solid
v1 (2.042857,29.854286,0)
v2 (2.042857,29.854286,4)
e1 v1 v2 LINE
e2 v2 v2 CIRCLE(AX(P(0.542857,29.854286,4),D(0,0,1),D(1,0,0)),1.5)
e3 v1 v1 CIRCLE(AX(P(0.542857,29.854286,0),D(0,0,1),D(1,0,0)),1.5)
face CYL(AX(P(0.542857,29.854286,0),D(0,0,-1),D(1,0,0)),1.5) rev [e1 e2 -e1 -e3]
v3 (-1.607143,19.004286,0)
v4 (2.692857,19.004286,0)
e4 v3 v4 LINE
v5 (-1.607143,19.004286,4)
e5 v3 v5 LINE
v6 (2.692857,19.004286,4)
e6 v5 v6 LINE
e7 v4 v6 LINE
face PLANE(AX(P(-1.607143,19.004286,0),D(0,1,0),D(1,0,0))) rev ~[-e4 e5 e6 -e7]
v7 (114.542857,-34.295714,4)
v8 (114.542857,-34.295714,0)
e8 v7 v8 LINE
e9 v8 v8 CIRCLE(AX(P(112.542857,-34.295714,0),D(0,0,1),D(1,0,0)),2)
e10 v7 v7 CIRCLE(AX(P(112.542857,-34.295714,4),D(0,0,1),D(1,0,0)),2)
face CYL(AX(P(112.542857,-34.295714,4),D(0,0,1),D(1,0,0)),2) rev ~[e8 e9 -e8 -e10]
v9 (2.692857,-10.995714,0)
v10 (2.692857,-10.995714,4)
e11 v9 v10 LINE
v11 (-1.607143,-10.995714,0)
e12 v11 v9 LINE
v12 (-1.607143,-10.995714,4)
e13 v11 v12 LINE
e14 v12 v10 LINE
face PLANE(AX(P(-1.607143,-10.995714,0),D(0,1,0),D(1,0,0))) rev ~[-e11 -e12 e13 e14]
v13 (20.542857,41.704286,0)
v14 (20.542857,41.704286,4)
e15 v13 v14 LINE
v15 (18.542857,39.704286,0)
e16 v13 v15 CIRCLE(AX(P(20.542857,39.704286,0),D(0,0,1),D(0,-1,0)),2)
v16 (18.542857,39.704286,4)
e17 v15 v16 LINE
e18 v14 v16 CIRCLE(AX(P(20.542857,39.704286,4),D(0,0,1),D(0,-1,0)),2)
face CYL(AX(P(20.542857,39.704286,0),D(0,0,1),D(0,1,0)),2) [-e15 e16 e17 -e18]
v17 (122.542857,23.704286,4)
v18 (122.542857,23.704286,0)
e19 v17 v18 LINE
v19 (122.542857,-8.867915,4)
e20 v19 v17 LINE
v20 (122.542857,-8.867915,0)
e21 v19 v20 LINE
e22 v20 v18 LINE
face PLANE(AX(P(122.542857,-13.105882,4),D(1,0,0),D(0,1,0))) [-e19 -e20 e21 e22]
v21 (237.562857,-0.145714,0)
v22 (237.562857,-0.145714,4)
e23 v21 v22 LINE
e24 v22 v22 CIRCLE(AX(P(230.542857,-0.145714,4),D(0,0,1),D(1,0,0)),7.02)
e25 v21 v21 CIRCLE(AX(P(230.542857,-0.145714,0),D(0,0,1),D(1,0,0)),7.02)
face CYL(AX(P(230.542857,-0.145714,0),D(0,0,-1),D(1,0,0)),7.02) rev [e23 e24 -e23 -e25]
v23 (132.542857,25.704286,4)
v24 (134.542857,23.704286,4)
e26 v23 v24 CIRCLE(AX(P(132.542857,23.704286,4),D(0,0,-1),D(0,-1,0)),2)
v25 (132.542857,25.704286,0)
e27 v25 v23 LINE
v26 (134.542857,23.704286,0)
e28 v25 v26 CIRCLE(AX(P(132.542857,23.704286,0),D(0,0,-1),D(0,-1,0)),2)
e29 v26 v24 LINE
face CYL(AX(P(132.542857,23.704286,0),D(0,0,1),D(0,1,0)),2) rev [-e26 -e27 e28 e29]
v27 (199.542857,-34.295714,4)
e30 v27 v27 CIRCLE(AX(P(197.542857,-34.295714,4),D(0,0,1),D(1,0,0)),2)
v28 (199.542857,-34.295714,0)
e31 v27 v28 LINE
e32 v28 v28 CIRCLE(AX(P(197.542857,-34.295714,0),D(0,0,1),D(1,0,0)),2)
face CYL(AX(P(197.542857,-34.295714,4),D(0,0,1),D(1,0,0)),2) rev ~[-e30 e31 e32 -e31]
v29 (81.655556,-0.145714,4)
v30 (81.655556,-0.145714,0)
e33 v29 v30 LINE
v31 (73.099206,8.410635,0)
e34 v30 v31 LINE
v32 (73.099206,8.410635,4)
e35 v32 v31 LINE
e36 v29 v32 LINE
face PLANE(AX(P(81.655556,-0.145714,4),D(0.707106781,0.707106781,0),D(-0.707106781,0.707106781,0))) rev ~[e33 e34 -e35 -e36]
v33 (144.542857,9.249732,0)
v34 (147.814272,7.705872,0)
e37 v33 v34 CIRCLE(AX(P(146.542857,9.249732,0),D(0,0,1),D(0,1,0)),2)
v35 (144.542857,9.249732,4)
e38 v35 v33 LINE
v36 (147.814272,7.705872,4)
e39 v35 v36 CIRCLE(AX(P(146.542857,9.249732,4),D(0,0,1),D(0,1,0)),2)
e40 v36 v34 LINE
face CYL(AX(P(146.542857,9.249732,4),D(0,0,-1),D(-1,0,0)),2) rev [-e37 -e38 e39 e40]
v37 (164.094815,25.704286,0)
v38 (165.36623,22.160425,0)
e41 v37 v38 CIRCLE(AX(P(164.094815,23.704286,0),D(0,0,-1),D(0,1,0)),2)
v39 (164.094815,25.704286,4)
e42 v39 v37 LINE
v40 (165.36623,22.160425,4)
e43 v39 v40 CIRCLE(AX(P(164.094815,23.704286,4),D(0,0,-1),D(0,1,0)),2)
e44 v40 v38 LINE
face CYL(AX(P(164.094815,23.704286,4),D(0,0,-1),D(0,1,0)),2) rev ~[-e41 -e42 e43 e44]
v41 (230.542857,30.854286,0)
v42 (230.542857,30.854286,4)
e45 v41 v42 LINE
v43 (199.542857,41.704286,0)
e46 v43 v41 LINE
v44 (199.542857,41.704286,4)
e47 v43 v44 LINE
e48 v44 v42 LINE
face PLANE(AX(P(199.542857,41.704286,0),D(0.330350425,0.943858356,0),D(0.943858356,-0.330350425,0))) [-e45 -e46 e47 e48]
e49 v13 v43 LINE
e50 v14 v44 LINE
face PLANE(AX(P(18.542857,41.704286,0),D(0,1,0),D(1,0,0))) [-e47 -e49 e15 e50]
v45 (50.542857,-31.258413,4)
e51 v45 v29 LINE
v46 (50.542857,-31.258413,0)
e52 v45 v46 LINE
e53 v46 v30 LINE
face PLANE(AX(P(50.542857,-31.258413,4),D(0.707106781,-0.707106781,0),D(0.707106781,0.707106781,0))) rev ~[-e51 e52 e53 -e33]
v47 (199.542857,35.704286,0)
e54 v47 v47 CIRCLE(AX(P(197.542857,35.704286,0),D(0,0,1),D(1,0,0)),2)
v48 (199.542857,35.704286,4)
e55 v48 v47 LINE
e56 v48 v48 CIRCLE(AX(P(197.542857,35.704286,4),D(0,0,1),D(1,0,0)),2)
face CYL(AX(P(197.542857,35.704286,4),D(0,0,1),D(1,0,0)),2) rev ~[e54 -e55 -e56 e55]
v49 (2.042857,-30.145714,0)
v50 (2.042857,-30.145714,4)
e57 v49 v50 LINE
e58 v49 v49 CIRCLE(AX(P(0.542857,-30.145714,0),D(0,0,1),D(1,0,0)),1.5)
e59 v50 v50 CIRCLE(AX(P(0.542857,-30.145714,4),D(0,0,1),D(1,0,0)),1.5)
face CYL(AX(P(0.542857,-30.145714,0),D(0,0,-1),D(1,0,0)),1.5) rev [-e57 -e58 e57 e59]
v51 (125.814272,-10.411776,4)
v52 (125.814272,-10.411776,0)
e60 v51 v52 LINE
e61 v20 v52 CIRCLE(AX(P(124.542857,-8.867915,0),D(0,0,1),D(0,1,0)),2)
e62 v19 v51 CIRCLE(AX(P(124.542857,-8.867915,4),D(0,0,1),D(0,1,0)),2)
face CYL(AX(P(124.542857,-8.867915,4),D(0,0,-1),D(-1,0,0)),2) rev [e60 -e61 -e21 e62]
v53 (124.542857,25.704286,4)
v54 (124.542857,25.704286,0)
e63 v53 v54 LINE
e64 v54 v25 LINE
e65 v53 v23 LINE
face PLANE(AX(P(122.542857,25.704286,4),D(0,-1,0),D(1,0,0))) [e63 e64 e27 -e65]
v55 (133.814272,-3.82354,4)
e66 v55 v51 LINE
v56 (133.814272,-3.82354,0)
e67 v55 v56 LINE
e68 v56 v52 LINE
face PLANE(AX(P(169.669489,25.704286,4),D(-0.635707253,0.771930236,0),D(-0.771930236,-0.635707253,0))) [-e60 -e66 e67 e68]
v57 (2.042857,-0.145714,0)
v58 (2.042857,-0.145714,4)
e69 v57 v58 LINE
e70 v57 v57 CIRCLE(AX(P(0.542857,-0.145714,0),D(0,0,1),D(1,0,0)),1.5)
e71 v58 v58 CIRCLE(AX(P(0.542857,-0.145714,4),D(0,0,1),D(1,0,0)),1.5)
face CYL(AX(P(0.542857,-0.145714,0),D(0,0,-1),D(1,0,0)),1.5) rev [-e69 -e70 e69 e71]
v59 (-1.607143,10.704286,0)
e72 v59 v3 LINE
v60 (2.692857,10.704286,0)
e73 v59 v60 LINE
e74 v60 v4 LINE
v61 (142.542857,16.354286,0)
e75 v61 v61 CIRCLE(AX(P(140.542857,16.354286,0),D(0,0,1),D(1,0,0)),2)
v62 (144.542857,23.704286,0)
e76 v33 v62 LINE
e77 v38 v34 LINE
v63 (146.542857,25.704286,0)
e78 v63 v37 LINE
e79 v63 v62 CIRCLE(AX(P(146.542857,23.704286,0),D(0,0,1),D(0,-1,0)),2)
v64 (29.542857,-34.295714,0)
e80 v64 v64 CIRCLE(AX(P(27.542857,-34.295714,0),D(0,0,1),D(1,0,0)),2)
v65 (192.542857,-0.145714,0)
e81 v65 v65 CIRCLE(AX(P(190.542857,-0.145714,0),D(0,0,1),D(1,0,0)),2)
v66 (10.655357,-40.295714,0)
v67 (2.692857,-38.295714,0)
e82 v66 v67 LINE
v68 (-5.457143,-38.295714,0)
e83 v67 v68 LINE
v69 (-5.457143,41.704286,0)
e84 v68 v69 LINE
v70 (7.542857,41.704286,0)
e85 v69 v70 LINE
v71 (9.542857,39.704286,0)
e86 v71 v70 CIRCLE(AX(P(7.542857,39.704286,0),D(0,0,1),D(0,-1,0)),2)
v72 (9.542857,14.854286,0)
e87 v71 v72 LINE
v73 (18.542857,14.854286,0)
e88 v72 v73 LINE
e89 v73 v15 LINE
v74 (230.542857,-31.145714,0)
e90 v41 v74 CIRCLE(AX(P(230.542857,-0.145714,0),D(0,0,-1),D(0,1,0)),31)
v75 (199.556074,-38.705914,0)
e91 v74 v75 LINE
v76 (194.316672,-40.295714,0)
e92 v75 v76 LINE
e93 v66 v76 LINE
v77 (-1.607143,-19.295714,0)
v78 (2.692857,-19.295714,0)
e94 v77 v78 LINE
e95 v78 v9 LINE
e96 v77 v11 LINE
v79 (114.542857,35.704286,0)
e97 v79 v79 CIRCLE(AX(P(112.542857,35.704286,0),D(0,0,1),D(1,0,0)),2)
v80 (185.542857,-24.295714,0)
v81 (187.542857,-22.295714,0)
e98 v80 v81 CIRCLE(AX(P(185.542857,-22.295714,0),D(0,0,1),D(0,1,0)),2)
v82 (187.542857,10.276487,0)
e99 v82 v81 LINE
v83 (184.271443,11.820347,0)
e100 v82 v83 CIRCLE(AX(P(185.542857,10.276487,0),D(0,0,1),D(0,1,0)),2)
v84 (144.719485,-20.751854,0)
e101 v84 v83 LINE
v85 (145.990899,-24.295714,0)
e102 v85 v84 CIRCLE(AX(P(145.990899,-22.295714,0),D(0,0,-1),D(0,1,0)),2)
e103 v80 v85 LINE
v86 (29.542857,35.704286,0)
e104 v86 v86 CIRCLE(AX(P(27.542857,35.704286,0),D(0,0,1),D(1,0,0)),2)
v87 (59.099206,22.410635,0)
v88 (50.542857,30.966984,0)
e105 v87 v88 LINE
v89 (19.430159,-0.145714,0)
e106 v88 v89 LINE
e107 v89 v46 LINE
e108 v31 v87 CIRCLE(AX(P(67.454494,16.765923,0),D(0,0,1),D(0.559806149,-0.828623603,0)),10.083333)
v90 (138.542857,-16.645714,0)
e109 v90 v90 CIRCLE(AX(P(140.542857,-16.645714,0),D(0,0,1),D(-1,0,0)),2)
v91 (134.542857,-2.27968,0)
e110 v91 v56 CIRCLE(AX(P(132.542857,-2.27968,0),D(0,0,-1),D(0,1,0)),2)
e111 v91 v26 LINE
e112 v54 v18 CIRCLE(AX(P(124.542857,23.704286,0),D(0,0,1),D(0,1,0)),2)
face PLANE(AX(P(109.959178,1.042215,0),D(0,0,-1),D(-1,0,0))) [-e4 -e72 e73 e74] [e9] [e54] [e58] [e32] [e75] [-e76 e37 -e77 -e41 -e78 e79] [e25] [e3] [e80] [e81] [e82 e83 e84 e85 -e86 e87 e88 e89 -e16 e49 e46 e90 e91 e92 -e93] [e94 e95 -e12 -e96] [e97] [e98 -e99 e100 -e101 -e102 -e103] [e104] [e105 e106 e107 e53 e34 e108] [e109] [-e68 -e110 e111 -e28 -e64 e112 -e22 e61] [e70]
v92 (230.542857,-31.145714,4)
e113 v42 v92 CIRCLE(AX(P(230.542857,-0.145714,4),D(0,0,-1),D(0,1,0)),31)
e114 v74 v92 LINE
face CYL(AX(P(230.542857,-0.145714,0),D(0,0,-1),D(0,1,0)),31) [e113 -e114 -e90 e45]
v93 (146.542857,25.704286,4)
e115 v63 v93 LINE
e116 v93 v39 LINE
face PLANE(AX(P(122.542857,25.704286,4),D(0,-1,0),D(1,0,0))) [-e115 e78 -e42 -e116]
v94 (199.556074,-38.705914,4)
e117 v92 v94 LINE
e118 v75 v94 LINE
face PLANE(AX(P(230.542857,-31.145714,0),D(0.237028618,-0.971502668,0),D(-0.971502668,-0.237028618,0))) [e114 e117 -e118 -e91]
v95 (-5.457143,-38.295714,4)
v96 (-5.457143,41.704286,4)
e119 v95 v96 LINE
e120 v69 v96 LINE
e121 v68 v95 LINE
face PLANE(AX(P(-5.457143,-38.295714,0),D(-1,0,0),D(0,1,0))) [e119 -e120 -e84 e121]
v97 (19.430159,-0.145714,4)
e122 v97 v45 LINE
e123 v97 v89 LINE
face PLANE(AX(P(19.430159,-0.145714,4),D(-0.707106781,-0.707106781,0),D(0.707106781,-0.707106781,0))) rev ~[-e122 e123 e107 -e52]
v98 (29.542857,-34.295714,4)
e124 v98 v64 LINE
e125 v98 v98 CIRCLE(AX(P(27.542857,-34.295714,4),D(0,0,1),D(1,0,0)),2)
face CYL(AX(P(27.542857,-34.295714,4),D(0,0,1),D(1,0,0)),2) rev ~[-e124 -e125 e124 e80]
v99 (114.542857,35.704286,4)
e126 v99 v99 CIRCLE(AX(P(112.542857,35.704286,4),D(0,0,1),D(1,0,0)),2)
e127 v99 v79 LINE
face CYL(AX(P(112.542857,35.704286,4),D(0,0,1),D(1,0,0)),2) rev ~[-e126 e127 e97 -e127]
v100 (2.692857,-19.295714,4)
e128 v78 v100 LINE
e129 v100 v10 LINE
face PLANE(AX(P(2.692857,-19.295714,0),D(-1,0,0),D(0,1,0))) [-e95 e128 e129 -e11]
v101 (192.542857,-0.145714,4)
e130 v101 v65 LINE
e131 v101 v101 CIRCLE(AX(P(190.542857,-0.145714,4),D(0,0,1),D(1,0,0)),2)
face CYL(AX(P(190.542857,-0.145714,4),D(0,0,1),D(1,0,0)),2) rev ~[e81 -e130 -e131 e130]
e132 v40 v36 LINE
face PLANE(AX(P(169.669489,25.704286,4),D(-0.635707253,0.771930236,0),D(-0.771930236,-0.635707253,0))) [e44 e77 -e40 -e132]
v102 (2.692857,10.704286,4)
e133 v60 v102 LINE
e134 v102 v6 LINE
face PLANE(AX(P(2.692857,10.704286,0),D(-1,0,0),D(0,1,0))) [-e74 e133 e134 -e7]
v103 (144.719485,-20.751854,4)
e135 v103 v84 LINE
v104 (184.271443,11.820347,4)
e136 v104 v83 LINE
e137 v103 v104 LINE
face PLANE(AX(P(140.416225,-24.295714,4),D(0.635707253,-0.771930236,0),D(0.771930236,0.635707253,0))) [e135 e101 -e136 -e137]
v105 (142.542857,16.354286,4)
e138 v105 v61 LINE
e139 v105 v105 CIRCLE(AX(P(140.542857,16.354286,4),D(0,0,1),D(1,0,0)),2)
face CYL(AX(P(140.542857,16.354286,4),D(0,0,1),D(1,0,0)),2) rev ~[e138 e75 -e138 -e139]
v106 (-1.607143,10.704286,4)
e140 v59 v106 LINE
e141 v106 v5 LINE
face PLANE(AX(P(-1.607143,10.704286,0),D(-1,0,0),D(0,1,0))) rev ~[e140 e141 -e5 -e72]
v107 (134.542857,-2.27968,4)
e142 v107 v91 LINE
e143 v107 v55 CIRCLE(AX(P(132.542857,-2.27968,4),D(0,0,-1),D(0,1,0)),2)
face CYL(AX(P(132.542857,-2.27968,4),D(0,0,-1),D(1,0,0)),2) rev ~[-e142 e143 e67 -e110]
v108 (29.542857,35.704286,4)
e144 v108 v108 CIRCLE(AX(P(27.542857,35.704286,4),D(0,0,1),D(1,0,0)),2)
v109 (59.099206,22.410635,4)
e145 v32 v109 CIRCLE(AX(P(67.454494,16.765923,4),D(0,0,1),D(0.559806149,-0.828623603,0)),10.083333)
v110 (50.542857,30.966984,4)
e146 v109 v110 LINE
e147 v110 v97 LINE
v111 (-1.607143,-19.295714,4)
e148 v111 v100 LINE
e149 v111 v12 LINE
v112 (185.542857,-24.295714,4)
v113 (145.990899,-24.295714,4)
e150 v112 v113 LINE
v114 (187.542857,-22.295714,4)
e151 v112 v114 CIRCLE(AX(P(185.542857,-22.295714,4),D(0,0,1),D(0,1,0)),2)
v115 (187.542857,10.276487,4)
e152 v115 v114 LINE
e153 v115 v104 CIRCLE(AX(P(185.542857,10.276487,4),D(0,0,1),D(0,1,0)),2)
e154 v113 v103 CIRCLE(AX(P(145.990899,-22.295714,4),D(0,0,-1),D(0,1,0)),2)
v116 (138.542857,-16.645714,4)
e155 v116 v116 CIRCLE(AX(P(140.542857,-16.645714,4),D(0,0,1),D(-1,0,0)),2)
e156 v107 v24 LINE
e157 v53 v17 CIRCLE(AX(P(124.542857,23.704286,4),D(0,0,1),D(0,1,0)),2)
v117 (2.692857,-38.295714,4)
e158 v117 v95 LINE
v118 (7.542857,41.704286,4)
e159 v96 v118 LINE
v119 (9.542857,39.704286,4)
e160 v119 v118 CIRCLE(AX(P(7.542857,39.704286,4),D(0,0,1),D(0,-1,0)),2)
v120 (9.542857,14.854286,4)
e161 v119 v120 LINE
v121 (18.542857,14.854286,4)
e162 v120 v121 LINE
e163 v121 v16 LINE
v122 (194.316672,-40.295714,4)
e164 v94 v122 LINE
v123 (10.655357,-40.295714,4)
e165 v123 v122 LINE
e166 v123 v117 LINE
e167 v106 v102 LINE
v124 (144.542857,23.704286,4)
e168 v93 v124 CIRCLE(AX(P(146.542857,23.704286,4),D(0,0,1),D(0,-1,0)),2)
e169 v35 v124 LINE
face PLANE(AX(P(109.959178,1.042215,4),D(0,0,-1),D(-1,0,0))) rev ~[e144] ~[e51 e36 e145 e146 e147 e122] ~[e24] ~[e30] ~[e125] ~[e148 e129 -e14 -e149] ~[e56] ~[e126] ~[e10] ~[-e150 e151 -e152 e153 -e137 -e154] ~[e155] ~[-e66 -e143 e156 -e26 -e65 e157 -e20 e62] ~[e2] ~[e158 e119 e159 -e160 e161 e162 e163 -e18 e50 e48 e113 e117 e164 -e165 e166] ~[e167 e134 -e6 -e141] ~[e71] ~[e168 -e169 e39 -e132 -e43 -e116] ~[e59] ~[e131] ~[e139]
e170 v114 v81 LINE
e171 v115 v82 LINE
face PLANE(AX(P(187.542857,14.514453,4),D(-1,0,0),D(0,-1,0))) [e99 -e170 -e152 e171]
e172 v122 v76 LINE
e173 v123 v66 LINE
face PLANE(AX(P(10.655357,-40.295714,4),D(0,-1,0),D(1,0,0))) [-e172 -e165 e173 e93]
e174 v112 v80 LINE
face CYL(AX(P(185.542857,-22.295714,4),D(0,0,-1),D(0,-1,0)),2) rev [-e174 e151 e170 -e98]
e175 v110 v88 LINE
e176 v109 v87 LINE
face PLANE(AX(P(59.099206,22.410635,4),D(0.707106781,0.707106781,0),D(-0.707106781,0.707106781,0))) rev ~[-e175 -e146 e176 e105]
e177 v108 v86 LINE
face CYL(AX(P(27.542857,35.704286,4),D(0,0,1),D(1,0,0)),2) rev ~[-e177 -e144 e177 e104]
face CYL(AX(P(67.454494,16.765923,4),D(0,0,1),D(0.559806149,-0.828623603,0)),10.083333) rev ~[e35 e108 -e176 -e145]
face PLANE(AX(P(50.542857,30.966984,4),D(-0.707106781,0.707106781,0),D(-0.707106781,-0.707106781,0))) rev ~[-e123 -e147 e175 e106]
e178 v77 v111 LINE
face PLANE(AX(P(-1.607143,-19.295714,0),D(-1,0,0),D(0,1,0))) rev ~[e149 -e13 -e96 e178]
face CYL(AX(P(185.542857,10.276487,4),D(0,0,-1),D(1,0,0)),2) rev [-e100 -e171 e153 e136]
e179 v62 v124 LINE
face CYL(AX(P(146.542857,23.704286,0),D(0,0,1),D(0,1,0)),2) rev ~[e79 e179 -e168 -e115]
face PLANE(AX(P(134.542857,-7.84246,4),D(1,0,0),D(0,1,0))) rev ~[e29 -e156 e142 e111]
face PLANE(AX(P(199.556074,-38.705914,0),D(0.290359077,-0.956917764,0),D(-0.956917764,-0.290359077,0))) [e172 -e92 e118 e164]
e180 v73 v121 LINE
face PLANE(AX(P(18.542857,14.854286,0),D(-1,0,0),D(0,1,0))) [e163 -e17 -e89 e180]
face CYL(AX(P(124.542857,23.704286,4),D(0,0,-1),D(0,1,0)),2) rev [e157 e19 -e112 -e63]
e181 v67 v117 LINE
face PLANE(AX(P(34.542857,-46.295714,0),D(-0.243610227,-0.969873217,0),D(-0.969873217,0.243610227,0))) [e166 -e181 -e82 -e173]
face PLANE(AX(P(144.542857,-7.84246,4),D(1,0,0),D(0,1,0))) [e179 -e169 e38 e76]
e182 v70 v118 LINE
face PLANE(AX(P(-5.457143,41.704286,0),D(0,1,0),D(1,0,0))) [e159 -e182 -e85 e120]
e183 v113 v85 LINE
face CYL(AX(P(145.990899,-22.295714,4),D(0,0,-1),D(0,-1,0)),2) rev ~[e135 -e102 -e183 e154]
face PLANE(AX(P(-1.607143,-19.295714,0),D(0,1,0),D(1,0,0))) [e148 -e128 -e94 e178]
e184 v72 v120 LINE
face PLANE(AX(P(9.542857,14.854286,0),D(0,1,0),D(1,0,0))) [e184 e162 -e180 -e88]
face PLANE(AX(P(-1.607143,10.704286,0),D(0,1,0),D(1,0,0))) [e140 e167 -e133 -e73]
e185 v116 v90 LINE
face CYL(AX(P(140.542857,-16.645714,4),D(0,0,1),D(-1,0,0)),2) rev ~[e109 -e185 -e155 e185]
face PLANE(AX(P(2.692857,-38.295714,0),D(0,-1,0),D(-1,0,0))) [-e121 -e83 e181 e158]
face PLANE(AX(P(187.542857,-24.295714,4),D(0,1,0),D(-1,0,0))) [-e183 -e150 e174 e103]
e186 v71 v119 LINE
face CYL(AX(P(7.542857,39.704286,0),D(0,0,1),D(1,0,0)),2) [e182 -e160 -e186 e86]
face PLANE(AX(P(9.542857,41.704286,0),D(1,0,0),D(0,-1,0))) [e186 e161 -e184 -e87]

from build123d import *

# Parameters (mm, degrees)
SKETCH_1_R          = 1.5
SKETCH_1_R_2        = 7.02
SKETCH_1_W          = 4.3
SKETCH_1_H          = 8.3
EXTRUDE_1_DEPTH     = 4
CUT_EXTRUDE_1_DEPTH = 4
SKETCH_3_R          = 2
CUT_EXTRUDE_2_DEPTH = 4
SKETCH_4_W          = 10
SKETCH_4_H          = 47.093490756
EXTRUDE_2_DEPTH     = 4
SKETCH_7_R          = 2
CUT_EXTRUDE_3_DEPTH = 4
FILLET_1_R          = 2


with BuildPart() as part:
    # 草图1 → 凸台-拉伸1 (new body)
    with BuildSketch(Plane.XY):
        with BuildLine():
            Line((230.542857143, -31.145714286), (199.556073527, -38.70591431))
            Line((199.556073527, -38.70591431), (174.542857143, -46.295714286))
            Line((174.542857143, -46.295714286), (34.542857143, -46.295714286))
            Line((34.542857143, -46.295714286), (2.692857143, -38.295714286))
            Line((2.692857143, -38.295714286), (-5.457142857, -38.295714286))
            Line((-5.457142857, -38.295714286), (-5.457142857, 41.704285714))
            Line((-5.457142857, 41.704285714), (9.542857143, 41.704285714))
            Line((9.542857143, 41.704285714), (9.542857143, 14.854285714))
            Line((9.542857143, 14.854285714), (18.542857143, 14.854285714))
            Line((18.542857143, 14.854285714), (18.542857143, 41.704285714))
            Line((18.542857143, 41.704285714), (199.542857143, 41.704285714))
            Line((199.542857143, 41.704285714), (230.542857143, 30.854285714))
            ThreePointArc((230.542857143, 30.854285714), (261.542857143, -0.145714286), (230.542857143, -31.145714286))
        make_face()
        with Locations((0.542857143, 29.854285714)):
            Circle(SKETCH_1_R, mode=Mode.SUBTRACT)
        with Locations((0.542857143, -0.145714286)):
            Circle(SKETCH_1_R, mode=Mode.SUBTRACT)
        with Locations((0.542857143, -30.145714286)):
            Circle(SKETCH_1_R, mode=Mode.SUBTRACT)
        with Locations((230.542857143, -0.145714286)):
            Circle(SKETCH_1_R_2, mode=Mode.SUBTRACT)
        with Locations((0.542857143, 14.854285714)):
            Rectangle(SKETCH_1_W, SKETCH_1_H, mode=Mode.SUBTRACT)
        with Locations((0.542857143, -15.145714286)):
            Rectangle(SKETCH_1_W, SKETCH_1_H, mode=Mode.SUBTRACT)
    extrude(amount=EXTRUDE_1_DEPTH)

    # 草图2 → 切除-拉伸1 (cut)
    with BuildSketch(Plane.XY.offset(4)):
        with BuildLine():
            Line((59.099206329, 22.4106349), (50.542857143, 30.966984086))
            Line((50.542857143, 30.966984086), (19.430158771, -0.145714286))
            Line((19.430158771, -0.145714286), (50.542857143, -31.258412658))
            Line((50.542857143, -31.258412658), (81.655555515, -0.145714286))
            Line((81.655555515, -0.145714286), (73.099206329, 8.4106349))
            ThreePointArc((73.099206329, 8.4106349), (74.584487703, 23.895916275), (59.099206329, 22.4106349))
        make_face()
    extrude(amount=-CUT_EXTRUDE_1_DEPTH, mode=Mode.SUBTRACT)

    # 草图3 → 切除-拉伸2 (cut)
    with BuildSketch(Plane.XY.offset(4)):
        with Locations((27.542857143, 35.704285714)):
            Circle(SKETCH_3_R)
        with Locations((112.542857143, 35.704285714)):
            Circle(SKETCH_3_R)
        with Locations((197.542857143, 35.704285714)):
            Circle(SKETCH_3_R)
        with Locations((112.542857143, -34.295714286)):
            Circle(SKETCH_3_R)
        with Locations((197.542857143, -34.295714286)):
            Circle(SKETCH_3_R)
        with Locations((27.542857143, -34.295714286)):
            Circle(SKETCH_3_R)
        Polygon((187.542857143, -24.295714286), (140.41622539, -24.295714286), (187.542857143, 14.51445304), align=None)
        Polygon((122.542857143, 25.704285714), (169.669488896, 25.704285714), (122.542857143, -13.105881612), align=None)
    extrude(amount=-CUT_EXTRUDE_2_DEPTH, mode=Mode.SUBTRACT)

    # 草图4 → 凸台-拉伸2 (add)
    with BuildSketch(Plane.XY.offset(4)):
        with Locations((139.542857143, 15.704285714)):
            Rectangle(SKETCH_4_W, SKETCH_4_H)
    extrude(amount=-EXTRUDE_2_DEPTH)

    # 草图7 → 切除-拉伸3 (cut)
    with BuildSketch(Plane.XY.offset(4)):
        with Locations((190.542857143, -0.145714286)):
            Circle(SKETCH_7_R)
        with Locations((140.542857143, 16.354285714)):
            Circle(SKETCH_7_R)
        with Locations(Location((140.542857143, -16.645714286, 0), (0, 0, 180))):
            Circle(SKETCH_7_R)
        Polygon((10.655357143, -40.295714286), (194.316671838, -40.295714286), (206.19710926, -67.618852766), (10.655357143, -65.874099546), align=None)
    extrude(amount=-CUT_EXTRUDE_3_DEPTH, mode=Mode.SUBTRACT)

    # 圆角1
    fillet_1_edges = [part.edges().sort_by_distance(p)[0] for p in [
        (187.542857143, 14.51445304, 2),
        (187.542857143, -24.295714286, 2),
        (140.41622539, -24.295714286, 2),
        (122.542857143, -13.105881612, 2),
        (122.542857143, 25.704285714, 2),
        (169.669488896, 25.704285714, 2),
        (134.542857143, -3.223528671, 2),
        (144.542857143, 5.011765447, 2),
        (144.542857143, 25.704285714, 2),
        (134.542857143, 25.704285714, 2),
        (9.542857143, 41.704285714, 2),
        (18.542857143, 41.704285714, 2),
    ]]
    fillet(fillet_1_edges, radius=FILLET_1_R)


solid = part.part
